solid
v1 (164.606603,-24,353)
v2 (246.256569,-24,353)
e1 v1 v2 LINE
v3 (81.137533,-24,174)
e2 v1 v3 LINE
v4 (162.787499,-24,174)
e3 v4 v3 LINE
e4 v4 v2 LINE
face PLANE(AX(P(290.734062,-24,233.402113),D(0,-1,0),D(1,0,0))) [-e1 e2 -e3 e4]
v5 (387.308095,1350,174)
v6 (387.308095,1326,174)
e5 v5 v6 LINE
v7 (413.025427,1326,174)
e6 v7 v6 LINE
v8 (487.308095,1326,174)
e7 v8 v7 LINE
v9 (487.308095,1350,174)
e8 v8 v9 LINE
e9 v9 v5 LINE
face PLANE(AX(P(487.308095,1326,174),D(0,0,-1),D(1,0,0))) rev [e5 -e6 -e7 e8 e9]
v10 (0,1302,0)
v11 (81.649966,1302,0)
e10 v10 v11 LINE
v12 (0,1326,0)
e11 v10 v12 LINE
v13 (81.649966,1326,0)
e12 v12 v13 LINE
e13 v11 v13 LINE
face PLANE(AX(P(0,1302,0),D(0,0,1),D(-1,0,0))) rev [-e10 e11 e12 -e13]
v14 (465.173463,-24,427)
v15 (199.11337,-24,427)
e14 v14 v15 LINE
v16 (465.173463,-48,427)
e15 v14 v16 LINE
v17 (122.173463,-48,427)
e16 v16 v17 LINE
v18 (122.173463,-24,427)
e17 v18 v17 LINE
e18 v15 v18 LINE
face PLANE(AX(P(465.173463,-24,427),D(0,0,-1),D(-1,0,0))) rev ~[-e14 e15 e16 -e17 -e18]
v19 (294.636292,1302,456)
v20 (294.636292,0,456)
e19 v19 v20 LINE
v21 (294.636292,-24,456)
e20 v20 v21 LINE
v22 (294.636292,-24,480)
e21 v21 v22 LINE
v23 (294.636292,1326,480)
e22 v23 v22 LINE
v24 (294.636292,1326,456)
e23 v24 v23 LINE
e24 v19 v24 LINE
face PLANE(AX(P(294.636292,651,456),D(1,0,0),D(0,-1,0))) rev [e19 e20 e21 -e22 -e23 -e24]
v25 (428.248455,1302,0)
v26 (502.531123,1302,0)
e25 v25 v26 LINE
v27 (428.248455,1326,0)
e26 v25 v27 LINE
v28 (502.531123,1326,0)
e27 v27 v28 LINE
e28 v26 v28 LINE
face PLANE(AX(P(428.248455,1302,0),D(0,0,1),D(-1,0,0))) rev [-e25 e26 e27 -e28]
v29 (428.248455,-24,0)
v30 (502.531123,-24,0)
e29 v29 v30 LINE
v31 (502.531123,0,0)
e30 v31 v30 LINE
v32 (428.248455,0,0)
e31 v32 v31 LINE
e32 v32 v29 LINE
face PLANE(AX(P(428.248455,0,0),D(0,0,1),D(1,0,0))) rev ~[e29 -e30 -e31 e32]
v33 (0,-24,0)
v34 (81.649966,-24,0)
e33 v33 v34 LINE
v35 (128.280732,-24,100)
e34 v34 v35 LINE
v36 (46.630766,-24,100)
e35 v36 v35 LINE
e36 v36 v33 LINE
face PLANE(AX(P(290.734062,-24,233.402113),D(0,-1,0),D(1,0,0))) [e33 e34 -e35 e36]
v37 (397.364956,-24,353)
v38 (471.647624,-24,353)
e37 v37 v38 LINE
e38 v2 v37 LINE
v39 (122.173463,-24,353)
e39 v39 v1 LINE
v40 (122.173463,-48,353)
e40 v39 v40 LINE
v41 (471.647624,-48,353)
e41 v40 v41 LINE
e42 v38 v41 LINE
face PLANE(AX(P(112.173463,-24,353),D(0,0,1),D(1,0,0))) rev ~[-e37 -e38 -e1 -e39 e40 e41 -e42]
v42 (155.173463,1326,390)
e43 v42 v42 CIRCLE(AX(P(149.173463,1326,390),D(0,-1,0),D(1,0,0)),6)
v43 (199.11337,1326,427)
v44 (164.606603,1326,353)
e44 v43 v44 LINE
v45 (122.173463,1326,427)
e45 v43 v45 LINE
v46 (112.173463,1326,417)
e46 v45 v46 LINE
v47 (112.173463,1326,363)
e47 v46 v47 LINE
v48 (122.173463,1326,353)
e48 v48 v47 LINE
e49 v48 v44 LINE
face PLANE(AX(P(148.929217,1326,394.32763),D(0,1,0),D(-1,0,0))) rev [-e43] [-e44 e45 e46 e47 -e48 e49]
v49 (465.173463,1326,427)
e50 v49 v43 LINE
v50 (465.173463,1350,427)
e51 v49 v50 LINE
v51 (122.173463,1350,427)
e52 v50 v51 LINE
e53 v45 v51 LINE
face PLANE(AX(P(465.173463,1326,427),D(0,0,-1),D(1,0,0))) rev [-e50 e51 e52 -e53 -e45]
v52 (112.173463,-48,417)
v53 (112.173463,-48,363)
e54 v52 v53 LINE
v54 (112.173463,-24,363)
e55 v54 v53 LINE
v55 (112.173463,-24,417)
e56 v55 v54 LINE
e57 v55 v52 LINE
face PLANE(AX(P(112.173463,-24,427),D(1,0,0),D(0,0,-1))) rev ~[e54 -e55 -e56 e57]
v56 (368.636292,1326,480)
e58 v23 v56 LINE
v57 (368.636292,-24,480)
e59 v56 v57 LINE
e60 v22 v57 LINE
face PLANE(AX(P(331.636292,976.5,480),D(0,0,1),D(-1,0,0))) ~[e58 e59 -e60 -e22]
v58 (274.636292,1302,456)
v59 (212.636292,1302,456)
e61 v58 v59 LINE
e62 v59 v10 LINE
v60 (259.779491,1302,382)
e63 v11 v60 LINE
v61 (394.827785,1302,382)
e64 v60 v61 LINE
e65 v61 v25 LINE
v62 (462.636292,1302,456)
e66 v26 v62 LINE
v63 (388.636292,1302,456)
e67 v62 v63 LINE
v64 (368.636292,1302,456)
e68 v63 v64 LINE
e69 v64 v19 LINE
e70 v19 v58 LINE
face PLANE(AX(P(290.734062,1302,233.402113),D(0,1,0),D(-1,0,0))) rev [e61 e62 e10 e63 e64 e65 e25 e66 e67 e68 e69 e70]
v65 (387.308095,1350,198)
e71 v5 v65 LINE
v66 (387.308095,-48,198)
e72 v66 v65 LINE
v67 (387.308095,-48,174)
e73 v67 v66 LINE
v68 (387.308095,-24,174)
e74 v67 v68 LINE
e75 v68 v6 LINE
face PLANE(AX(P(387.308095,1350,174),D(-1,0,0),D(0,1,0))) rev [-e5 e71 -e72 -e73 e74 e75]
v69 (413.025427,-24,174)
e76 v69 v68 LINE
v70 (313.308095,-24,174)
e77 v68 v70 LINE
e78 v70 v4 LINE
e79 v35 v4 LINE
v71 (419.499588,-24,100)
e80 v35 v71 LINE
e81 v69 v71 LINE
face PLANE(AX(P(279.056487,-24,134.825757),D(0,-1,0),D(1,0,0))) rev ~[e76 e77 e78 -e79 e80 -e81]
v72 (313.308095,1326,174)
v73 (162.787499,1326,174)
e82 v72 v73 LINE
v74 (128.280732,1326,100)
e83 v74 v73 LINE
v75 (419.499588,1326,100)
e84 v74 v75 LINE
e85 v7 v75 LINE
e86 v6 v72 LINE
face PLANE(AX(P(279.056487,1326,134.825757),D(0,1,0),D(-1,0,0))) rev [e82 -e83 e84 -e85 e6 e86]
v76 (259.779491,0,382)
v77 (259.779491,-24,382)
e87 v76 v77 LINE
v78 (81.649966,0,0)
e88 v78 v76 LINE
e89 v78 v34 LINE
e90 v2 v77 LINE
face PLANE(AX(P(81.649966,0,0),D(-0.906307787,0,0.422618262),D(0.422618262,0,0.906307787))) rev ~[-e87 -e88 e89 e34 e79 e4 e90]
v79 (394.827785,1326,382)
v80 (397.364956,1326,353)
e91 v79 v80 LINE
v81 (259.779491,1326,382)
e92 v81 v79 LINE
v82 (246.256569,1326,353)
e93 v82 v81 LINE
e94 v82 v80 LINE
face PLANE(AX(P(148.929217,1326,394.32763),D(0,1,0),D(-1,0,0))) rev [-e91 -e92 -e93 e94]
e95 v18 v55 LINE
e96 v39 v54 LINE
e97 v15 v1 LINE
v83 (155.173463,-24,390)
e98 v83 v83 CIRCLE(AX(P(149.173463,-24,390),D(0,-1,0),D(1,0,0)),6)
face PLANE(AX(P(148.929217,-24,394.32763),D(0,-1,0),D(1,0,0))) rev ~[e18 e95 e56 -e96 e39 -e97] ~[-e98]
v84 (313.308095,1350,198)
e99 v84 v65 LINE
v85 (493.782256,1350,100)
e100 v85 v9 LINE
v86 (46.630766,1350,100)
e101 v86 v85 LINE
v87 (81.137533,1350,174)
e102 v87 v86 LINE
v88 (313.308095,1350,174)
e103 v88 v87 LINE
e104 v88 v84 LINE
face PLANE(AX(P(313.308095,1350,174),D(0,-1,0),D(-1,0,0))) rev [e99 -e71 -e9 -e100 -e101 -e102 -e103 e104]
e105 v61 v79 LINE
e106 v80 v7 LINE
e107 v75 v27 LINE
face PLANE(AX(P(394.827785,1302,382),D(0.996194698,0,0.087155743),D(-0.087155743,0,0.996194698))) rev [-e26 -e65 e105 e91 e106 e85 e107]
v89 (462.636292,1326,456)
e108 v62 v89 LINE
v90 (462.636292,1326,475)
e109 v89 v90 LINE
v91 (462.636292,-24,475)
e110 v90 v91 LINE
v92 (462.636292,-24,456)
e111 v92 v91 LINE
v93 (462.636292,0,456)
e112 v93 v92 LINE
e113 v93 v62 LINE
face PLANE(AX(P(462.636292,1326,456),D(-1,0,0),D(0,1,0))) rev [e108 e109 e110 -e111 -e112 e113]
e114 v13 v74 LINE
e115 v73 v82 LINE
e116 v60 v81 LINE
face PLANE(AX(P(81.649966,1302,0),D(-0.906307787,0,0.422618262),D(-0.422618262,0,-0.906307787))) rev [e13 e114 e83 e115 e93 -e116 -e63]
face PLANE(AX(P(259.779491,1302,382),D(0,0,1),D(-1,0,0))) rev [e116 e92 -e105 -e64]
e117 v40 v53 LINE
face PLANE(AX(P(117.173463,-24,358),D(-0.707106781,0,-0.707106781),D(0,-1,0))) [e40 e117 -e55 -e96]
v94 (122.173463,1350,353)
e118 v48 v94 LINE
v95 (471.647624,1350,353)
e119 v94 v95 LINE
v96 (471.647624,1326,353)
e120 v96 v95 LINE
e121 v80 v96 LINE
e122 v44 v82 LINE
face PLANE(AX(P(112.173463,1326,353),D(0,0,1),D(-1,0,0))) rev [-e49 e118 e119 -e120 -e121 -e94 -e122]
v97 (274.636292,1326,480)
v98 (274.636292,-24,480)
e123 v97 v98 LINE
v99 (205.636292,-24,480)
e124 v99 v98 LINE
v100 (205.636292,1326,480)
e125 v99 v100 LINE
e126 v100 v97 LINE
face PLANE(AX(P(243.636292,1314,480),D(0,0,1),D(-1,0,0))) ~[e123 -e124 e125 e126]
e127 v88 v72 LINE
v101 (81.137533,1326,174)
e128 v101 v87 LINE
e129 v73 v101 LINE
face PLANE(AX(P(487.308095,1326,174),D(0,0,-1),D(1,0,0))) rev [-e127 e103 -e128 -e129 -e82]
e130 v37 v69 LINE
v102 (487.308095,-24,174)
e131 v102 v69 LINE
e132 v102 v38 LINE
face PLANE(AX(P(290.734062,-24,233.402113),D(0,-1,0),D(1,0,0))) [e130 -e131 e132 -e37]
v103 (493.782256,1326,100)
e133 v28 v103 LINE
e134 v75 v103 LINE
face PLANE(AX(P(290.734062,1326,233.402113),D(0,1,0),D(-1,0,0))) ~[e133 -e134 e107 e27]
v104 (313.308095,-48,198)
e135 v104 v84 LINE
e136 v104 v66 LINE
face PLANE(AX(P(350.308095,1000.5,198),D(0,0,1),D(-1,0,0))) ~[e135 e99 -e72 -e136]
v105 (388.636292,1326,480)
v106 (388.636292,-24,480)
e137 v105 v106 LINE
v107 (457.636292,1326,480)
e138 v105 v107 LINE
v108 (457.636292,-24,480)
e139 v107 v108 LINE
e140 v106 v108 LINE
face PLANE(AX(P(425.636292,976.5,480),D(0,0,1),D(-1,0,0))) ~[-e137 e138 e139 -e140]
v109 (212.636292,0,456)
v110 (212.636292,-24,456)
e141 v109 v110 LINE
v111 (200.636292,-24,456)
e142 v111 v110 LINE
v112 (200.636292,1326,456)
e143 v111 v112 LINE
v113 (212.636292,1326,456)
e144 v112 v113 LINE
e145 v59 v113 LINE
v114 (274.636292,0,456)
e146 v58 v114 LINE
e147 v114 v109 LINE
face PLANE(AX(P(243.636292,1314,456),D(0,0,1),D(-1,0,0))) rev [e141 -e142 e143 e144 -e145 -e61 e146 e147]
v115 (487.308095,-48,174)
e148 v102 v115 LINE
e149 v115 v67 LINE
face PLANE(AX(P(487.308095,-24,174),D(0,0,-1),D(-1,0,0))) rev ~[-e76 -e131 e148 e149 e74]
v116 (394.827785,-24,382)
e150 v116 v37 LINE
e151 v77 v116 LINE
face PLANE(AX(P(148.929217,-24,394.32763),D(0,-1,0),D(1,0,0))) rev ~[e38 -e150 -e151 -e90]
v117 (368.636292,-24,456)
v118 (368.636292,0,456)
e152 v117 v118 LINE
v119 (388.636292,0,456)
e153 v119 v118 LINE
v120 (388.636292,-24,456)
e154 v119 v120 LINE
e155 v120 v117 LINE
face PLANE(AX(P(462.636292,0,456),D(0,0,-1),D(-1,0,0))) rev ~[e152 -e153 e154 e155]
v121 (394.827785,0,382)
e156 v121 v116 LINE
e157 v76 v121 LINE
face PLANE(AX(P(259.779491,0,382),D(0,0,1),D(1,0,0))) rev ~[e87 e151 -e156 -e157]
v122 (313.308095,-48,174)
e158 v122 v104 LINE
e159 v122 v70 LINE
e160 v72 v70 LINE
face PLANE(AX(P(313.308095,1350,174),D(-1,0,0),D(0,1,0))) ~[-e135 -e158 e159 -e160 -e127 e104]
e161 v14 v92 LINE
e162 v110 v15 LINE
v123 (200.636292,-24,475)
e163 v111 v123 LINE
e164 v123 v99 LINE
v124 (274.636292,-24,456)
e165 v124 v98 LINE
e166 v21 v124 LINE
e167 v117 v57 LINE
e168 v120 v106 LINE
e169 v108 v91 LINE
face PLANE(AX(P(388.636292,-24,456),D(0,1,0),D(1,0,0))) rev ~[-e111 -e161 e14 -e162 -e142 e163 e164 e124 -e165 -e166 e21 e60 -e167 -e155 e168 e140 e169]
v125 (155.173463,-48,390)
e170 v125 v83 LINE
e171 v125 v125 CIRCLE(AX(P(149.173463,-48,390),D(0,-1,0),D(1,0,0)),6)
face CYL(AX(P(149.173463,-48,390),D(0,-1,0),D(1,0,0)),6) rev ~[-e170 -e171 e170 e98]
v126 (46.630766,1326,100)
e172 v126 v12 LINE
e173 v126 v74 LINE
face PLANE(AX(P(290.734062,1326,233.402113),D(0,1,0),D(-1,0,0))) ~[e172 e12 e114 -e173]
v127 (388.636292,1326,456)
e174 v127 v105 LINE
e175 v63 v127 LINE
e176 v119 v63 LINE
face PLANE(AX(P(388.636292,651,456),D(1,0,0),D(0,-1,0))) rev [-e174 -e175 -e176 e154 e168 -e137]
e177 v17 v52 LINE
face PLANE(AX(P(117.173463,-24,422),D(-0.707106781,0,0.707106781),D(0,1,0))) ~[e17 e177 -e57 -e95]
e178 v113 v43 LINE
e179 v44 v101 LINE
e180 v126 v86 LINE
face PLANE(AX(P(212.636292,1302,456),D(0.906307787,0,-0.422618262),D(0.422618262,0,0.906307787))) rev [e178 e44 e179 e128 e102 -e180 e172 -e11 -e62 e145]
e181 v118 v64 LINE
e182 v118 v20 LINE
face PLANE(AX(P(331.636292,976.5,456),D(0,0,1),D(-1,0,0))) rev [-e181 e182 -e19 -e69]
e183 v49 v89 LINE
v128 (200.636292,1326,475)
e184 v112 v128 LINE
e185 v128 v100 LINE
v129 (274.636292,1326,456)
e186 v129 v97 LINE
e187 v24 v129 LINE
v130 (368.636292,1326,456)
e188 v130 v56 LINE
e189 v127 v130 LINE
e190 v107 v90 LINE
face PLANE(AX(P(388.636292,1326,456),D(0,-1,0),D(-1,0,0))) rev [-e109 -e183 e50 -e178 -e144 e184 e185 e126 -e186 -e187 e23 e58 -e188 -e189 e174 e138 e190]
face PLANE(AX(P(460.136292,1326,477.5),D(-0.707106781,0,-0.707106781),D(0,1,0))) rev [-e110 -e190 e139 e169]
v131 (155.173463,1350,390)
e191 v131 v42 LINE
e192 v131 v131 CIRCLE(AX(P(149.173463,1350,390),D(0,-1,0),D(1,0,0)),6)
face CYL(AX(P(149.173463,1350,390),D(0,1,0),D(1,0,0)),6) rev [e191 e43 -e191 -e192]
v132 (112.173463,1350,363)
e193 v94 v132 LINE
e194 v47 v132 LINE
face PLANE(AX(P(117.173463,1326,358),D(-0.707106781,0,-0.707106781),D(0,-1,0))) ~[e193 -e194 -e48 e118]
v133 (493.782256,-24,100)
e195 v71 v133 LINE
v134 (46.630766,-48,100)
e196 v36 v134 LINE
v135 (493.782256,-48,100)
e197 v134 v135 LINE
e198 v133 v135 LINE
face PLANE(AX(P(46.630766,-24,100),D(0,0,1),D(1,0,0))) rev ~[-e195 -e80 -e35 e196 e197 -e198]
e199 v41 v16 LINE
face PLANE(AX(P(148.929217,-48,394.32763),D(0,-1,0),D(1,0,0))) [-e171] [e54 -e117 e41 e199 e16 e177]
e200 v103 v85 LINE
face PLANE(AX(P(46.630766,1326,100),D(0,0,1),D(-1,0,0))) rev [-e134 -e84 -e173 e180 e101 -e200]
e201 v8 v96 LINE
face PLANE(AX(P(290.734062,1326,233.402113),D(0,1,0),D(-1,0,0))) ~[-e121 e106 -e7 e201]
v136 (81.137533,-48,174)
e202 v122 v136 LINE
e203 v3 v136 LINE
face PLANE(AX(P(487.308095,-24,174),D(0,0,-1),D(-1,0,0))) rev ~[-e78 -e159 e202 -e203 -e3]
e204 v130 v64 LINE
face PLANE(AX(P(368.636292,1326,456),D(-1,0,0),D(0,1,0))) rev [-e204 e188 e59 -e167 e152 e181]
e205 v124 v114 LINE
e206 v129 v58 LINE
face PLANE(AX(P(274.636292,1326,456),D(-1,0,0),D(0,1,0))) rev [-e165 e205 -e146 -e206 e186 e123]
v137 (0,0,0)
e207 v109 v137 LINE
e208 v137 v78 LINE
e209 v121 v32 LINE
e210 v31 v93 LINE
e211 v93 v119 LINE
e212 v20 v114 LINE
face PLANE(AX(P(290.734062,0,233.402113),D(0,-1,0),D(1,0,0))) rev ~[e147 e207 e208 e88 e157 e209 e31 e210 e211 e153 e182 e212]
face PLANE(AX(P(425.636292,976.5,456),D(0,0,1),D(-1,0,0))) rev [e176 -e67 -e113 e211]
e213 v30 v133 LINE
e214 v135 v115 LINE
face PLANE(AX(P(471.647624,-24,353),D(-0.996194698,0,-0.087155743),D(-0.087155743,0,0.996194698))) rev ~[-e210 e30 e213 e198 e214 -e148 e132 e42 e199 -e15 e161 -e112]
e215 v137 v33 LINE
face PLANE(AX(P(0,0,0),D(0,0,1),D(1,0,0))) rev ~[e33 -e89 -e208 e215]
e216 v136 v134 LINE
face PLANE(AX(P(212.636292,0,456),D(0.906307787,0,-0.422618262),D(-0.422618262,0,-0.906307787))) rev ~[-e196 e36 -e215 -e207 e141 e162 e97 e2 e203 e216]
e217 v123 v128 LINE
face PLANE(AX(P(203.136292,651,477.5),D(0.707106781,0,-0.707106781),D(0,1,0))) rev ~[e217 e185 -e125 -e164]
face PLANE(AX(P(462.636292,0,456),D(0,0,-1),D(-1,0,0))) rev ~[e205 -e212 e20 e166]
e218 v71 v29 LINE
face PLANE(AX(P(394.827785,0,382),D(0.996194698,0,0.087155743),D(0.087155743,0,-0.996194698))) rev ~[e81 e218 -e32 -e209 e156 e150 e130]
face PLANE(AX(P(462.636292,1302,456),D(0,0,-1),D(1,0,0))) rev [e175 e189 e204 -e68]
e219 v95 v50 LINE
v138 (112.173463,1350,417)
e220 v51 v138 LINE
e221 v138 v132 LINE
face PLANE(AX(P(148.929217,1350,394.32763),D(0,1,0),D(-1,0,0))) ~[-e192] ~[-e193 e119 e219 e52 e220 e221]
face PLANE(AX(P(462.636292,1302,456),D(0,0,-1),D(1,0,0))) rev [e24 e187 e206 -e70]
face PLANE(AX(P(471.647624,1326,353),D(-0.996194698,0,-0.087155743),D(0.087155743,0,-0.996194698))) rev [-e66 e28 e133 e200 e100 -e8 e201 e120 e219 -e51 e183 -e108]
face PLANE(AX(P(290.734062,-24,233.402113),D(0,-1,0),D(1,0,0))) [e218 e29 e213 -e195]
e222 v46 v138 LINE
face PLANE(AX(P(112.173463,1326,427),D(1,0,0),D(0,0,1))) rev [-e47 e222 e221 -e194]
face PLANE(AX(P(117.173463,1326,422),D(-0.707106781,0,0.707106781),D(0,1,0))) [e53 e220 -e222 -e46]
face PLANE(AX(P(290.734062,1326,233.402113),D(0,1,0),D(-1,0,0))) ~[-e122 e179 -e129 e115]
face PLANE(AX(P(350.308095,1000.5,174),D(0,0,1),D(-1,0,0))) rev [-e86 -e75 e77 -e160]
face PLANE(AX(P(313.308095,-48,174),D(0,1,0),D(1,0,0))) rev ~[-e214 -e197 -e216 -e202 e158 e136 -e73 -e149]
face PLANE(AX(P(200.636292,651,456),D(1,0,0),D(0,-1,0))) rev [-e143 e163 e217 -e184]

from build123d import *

# Parameters (mm, degrees)
F2_DEPTH  = 24
F4_DEPTH  = 24
F5_W      = 74
F5_H      = 699
F6_DEPTH  = 24
F7_R      = 6
F8_DEPTH  = 699.001
F9_SIZE   = 10
F10_W     = 74
F10_H     = 651
F10_H_2   = 24
F10_W_2   = 62
F11_DEPTH = 24
F12_SIZE  = 5


with BuildPart() as f2:
    # F1 (on Front) → F2 (new body)
    with BuildSketch(Plane.XZ):
        Polygon((212.6362921187, 456), (0, 0), (81.6499660032, 0), (259.7794914184, 382), (394.8277852414, 382), (428.2484547083, 0), (502.5311226865, 0), (462.6362921187, 456), align=None)
    extrude(amount=F2_DEPTH)

    # F3 (on face) → F4 (join)
    with BuildSketch(Plane.XZ.offset(24)):
        Polygon((164.6066033287, 353), (199.1133700322, 427), (112.1734633609, 427), (112.1734633609, 353), align=None)
        Polygon((471.6476244618, 353), (465.1734633609, 427), (199.1133700322, 427), (164.6066033287, 353), (246.2565693319, 353), (259.7794914184, 382), (394.8277852414, 382), (397.3649564836, 353), align=None)
        Polygon((419.4995883557, 100), (413.0254272548, 174), (162.7874985222, 174), (128.2807318187, 100), align=None)
        Polygon((162.7874985222, 174), (81.137532519, 174), (46.6307658155, 100), (128.2807318187, 100), align=None)
        Polygon((493.7822563339, 100), (487.308095233, 174), (413.0254272548, 174), (419.4995883557, 100), align=None)
        Polygon((246.2565693319, 353), (397.3649564836, 353), (394.8277852414, 382), (259.7794914184, 382), align=None)
    extrude(amount=F4_DEPTH)

    # F5 (on face) → F6 (join)
    with BuildSketch(Plane.XY.offset(174)):
        with Locations((350.308095233, 301.5)):
            Rectangle(F5_W, F5_H)
    extrude(amount=F6_DEPTH)

    # F7 (on face) → F8 (cut, through all)
    with BuildSketch(Plane.XZ.offset(48)):
        with Locations((149.1734633609, 390)):
            Circle(F7_R)
    extrude(amount=-F8_DEPTH, mode=Mode.SUBTRACT)

    # F9
    f9_edges = [f2.edges().sort_by_distance(p)[0] for p in [
        (112.173463, -36, 427),
        (112.173463, -36, 353),
    ]]
    chamfer(f9_edges, length=F9_SIZE)

    # F10 (on face) → F11 (join)
    with BuildSketch(Plane.XY.offset(456)):
        with Locations((425.6362921187, 325.5)):
            Rectangle(F10_W, F10_H)
        with Locations((331.6362921187, 325.5)):
            Rectangle(F10_W, F10_H)
        with Locations((425.6362921187, -12)):
            Rectangle(F10_W, F10_H_2)
        with Locations((331.6362921187, -12)):
            Rectangle(F10_W, F10_H_2)
        with Locations((243.6362921187, -12)):
            Rectangle(F10_W_2, F10_H_2)
        Polygon((212.6362921187, 0), (274.6362921187, 0), (274.6362921187, 651), (200.6362921187, 651), (200.6362921187, -24), (212.6362921187, -24), align=None)
    extrude(amount=F11_DEPTH)

    # F12
    f12_edges = [f2.edges().sort_by_distance(p)[0] for p in [
        (200.636292, 313.5, 480),
        (462.636292, 313.5, 480),
    ]]
    chamfer(f12_edges, length=F12_SIZE)

    # F13: F2 across face


with BuildPart() as f2_1:
    add(f2.part)
    add(f2.part.mirror(Plane(origin=(350.308095233, 651, 186), x_dir=(-1, 0, 0), z_dir=(0, 1, 0))))


solid = f2_1.part
